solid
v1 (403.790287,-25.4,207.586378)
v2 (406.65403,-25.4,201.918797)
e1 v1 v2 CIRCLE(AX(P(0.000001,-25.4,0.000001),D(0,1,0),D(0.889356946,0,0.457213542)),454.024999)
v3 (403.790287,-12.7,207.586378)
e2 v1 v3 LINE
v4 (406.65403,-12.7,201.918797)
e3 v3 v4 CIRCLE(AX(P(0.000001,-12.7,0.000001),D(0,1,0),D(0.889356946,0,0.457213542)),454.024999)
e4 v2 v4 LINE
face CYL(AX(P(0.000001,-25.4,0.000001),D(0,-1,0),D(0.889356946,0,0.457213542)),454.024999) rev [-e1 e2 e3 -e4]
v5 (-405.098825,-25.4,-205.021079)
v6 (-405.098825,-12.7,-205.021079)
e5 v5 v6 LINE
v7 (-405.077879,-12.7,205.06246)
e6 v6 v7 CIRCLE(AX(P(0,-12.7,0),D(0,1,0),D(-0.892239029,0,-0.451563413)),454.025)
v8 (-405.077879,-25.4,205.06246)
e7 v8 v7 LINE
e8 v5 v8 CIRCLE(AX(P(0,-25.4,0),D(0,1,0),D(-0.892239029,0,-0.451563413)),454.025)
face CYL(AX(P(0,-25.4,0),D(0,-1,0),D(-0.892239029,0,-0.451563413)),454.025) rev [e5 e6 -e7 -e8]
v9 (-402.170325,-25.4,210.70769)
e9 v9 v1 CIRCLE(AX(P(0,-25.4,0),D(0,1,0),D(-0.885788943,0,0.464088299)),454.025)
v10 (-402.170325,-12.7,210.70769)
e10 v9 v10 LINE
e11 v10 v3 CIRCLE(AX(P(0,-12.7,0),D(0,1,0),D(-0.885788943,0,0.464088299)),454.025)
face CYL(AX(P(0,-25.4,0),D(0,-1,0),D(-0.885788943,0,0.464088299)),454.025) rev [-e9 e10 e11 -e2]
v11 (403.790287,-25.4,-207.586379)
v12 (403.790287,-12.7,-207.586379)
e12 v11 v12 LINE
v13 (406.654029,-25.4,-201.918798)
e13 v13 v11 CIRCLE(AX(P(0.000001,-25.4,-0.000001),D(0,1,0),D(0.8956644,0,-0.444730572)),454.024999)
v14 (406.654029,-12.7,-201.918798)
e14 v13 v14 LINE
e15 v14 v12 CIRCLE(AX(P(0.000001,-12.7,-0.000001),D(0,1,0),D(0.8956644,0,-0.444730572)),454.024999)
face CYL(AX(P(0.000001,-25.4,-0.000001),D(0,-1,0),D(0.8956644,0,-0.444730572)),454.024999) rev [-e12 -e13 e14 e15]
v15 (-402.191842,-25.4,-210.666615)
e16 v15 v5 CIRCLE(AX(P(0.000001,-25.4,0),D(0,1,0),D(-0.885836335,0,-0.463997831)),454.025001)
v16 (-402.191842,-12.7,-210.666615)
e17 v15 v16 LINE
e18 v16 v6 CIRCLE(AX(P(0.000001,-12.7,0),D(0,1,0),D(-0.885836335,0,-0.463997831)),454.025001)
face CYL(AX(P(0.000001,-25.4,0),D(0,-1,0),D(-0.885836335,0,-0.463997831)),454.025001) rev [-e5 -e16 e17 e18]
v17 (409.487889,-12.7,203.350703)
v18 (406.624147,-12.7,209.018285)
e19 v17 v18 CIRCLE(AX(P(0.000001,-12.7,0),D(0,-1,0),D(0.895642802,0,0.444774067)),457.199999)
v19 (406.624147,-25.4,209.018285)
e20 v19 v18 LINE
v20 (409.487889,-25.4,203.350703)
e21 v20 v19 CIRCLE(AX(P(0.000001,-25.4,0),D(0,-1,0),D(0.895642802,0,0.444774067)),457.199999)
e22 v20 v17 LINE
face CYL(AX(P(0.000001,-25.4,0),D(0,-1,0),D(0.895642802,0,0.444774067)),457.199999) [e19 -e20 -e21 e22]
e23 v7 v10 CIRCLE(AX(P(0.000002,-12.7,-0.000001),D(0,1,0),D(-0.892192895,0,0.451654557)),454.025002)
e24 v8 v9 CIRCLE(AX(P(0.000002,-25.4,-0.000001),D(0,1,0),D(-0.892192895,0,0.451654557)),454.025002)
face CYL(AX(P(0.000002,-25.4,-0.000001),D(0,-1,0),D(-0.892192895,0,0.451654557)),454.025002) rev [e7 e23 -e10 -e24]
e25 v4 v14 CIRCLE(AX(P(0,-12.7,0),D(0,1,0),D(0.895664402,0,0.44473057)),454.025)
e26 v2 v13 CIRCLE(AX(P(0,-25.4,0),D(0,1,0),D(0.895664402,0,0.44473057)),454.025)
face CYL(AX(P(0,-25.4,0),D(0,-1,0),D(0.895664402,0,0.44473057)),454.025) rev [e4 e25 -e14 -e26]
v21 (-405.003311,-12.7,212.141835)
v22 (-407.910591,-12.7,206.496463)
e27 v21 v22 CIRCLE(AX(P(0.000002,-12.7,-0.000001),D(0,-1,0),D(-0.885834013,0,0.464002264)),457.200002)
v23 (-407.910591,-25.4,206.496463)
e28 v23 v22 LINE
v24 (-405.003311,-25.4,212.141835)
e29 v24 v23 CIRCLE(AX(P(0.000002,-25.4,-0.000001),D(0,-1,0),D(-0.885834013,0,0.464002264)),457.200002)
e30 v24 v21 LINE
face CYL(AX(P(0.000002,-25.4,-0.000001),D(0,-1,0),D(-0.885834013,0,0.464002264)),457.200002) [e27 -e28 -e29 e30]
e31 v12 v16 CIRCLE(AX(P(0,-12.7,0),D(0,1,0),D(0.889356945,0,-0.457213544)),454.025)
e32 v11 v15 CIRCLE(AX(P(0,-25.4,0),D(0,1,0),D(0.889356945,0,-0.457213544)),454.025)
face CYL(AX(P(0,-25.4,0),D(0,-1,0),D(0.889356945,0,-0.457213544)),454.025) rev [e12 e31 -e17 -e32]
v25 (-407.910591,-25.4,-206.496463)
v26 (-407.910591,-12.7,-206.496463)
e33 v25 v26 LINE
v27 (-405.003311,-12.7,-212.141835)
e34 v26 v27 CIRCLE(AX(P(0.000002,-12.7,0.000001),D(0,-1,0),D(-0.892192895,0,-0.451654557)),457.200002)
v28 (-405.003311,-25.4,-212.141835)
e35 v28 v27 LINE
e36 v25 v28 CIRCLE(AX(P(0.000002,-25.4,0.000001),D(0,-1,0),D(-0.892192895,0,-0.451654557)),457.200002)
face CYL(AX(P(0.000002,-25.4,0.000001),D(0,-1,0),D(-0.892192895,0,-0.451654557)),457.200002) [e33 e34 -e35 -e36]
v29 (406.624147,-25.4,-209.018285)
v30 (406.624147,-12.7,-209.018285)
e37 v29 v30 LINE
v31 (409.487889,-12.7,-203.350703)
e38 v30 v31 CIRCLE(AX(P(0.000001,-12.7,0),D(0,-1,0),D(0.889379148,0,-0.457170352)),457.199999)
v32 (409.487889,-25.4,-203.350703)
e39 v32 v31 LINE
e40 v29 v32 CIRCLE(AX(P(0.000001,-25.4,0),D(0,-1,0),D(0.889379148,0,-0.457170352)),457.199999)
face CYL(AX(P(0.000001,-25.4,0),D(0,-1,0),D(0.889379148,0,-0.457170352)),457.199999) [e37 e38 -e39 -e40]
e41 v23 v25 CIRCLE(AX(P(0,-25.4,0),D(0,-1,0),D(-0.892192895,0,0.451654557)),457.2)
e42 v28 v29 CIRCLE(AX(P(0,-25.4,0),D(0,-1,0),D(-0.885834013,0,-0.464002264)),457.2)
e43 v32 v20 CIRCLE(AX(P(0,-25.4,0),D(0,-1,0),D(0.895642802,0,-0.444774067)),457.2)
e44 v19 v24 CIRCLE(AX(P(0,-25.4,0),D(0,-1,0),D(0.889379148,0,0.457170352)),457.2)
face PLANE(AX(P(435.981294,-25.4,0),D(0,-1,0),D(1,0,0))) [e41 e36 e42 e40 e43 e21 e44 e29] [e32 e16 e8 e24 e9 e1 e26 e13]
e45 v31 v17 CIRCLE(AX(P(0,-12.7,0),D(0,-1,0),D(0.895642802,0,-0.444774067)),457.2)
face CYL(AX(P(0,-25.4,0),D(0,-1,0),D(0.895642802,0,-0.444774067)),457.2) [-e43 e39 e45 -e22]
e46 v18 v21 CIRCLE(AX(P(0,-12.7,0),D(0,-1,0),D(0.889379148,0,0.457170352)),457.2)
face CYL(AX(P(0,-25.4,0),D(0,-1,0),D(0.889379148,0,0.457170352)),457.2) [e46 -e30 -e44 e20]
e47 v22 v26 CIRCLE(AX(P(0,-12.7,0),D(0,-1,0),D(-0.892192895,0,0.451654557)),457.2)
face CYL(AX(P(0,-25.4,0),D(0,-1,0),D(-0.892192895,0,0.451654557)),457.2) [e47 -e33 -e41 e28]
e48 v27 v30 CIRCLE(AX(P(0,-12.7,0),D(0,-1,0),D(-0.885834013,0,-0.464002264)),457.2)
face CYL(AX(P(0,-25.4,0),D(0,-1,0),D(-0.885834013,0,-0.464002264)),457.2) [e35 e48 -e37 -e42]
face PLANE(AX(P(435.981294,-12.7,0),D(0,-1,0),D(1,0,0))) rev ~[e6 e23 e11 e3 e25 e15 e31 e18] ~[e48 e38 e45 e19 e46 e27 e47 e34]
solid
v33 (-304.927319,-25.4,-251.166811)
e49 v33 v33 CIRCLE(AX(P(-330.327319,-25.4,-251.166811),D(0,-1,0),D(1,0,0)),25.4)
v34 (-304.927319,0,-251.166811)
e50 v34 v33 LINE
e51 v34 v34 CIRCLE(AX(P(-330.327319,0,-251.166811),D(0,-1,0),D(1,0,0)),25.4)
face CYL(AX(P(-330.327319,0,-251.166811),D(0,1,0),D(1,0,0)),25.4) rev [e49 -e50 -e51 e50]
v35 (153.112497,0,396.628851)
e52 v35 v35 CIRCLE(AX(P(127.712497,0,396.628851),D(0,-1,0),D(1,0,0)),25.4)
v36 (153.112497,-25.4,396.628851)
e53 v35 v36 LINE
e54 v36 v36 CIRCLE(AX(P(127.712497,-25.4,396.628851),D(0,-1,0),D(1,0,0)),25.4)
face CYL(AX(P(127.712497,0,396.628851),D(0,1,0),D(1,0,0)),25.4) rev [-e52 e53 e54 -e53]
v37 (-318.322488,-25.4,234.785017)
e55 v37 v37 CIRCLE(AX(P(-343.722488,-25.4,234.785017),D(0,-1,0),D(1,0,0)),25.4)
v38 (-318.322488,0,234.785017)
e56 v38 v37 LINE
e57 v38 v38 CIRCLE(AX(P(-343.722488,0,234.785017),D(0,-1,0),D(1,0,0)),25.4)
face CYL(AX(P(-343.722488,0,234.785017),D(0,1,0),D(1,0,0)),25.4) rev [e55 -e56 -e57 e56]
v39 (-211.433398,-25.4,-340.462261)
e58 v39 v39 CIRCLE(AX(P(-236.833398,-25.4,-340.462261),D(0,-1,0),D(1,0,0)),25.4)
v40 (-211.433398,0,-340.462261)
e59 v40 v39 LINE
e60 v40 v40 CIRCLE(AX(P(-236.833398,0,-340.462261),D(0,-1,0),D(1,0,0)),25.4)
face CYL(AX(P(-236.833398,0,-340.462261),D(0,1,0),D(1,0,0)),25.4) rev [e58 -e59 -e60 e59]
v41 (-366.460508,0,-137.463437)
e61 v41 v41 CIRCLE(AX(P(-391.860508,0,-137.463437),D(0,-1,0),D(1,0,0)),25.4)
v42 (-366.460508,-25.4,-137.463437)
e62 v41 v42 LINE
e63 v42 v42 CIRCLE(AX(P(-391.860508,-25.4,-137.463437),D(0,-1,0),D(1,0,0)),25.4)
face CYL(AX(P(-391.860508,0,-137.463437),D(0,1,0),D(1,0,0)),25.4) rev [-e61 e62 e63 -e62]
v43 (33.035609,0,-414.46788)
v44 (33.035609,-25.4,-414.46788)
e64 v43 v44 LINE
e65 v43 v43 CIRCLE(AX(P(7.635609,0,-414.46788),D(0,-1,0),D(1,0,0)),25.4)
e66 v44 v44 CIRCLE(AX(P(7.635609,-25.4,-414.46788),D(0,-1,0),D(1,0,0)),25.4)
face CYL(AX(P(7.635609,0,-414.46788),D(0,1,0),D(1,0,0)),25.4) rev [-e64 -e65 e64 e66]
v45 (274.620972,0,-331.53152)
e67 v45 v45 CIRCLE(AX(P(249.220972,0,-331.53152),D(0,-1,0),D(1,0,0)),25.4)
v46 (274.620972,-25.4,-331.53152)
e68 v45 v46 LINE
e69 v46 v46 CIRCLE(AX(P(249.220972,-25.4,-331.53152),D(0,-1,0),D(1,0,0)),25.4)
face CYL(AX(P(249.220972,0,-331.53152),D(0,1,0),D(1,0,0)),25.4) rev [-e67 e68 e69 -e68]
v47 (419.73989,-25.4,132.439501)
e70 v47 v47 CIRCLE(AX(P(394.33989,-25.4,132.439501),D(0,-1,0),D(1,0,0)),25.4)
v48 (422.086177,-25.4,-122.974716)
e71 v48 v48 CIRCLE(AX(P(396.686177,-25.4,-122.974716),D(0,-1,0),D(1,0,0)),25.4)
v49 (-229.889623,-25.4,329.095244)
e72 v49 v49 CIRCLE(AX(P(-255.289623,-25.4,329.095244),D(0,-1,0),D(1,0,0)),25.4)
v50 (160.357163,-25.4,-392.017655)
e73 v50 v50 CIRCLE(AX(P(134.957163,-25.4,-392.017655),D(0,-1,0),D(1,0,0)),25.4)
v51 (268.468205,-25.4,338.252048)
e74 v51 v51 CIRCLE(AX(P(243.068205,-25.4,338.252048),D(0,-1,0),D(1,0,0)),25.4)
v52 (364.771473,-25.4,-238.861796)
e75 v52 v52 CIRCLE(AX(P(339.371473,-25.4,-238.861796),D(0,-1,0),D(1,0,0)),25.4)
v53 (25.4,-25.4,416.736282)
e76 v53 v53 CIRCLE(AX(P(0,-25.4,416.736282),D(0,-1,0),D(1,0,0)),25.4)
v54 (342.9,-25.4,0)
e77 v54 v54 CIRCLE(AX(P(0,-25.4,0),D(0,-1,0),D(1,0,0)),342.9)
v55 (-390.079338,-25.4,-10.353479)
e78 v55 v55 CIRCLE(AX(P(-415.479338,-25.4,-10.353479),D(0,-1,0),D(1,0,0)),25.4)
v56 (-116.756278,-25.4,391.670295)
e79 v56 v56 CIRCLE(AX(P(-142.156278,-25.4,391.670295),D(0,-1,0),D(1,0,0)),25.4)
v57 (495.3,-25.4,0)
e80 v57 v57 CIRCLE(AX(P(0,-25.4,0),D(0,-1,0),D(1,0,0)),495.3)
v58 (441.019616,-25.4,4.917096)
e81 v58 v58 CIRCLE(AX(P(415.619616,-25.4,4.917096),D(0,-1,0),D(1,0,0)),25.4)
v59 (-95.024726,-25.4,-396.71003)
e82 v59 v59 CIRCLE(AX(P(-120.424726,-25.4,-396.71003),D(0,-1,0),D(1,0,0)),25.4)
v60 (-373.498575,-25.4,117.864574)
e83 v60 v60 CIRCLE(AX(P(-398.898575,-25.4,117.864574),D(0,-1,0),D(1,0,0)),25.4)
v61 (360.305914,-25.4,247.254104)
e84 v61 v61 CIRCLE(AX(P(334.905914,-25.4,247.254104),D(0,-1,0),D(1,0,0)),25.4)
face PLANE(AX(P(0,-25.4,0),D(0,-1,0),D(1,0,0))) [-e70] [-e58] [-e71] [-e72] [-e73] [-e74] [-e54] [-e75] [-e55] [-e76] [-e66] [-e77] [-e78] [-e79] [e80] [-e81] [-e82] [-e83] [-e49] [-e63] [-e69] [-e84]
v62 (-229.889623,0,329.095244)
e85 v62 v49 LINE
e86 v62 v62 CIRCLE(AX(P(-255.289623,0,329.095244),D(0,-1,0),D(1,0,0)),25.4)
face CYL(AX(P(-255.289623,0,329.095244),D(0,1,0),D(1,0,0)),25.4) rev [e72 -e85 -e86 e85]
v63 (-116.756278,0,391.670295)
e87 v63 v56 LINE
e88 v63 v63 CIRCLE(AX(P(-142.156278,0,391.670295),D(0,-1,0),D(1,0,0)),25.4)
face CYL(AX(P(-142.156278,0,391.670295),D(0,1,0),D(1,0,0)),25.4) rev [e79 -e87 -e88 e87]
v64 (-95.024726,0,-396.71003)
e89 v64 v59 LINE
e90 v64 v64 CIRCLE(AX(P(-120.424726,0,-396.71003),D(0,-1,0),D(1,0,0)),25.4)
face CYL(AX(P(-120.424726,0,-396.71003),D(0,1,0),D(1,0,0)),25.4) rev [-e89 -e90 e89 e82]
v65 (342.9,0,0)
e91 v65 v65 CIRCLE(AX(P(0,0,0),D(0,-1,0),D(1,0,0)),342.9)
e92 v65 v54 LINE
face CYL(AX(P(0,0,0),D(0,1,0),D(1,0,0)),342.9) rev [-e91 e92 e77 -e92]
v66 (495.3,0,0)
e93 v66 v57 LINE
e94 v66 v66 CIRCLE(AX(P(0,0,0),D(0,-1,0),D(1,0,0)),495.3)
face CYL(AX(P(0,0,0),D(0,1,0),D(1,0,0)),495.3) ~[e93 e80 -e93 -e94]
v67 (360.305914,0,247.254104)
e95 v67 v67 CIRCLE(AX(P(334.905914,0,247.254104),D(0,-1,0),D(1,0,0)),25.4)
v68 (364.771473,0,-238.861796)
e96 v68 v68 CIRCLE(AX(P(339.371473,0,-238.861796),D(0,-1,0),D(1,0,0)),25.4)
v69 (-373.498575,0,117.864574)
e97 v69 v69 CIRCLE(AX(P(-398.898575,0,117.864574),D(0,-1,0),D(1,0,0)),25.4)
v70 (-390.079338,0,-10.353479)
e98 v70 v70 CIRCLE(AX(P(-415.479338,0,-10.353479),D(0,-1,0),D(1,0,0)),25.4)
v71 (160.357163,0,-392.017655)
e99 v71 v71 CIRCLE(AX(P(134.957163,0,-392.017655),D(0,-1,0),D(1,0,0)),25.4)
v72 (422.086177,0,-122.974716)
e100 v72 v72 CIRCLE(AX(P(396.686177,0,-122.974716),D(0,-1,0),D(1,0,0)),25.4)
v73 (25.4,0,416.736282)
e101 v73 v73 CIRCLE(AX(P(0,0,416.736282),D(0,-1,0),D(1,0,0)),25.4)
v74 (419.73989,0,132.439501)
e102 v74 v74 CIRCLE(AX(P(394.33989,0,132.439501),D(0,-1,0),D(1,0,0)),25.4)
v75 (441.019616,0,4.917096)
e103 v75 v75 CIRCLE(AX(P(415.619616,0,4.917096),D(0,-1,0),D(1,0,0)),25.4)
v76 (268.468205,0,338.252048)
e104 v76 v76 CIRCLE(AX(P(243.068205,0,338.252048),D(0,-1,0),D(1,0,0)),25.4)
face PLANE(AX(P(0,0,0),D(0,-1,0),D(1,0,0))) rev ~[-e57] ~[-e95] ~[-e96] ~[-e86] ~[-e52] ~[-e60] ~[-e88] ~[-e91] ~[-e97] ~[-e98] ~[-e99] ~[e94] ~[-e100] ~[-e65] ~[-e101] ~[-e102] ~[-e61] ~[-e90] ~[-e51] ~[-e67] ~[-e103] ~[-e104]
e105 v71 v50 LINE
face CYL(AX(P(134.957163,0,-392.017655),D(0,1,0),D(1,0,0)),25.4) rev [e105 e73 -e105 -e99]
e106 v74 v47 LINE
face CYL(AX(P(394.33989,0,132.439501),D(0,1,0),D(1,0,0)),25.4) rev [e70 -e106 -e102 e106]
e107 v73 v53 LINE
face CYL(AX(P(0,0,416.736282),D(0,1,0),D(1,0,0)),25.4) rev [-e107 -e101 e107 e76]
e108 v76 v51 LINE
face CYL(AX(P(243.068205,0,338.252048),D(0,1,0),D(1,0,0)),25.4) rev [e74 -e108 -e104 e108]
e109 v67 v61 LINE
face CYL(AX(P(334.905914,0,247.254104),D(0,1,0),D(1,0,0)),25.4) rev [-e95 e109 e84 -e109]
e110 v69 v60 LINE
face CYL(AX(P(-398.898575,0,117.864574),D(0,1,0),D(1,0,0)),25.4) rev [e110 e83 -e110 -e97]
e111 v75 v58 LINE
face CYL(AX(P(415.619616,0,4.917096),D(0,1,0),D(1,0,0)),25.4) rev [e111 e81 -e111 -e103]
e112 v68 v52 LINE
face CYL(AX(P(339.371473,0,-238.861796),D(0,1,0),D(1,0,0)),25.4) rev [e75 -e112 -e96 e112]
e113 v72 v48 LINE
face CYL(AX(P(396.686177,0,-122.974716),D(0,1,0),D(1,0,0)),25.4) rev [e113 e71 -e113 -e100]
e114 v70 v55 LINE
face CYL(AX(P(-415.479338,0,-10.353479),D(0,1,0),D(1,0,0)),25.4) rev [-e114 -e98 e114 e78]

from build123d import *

# Parameters (mm, degrees)
F0_R     = 495.3
F0_R_2   = 25.4
F0_R_3   = 342.9
F1_DEPTH = 25.4
F3_DEPTH = 12.7


with BuildPart() as f1:
    # F0 (on Front) → F1 (new body)
    with BuildSketch(Plane.XZ):
        Circle(F0_R)
        with Locations((-330.3273186673, -251.1668106439)):
            Circle(F0_R_2, mode=Mode.SUBTRACT)
        with Locations((-120.4247256331, -396.7100299756)):
            Circle(F0_R_2, mode=Mode.SUBTRACT)
        with Locations((-236.8333982647, -340.4622609039)):
            Circle(F0_R_2, mode=Mode.SUBTRACT)
        with Locations((-391.8605075296, -137.463436649)):
            Circle(F0_R_2, mode=Mode.SUBTRACT)
        with Locations((-415.4793375887, -10.3534785182)):
            Circle(F0_R_2, mode=Mode.SUBTRACT)
        with Locations((7.6356091811, -414.467879977)):
            Circle(F0_R_2, mode=Mode.SUBTRACT)
        with Locations((134.9571626672, -392.0176548717)):
            Circle(F0_R_2, mode=Mode.SUBTRACT)
        with Locations((249.2209719047, -331.5315201968)):
            Circle(F0_R_2, mode=Mode.SUBTRACT)
        with Locations((339.3714725325, -238.8617957667)):
            Circle(F0_R_2, mode=Mode.SUBTRACT)
        with Locations((396.686176927, -122.9747160315)):
            Circle(F0_R_2, mode=Mode.SUBTRACT)
        with Locations((-398.8985752472, 117.8645736803)):
            Circle(F0_R_2, mode=Mode.SUBTRACT)
        with Locations((-343.7224877393, 234.7850165323)):
            Circle(F0_R_2, mode=Mode.SUBTRACT)
        with Locations((-255.2896226832, 329.0952438004)):
            Circle(F0_R_2, mode=Mode.SUBTRACT)
        with Locations((-142.1562783312, 391.6702946203)):
            Circle(F0_R_2, mode=Mode.SUBTRACT)
        Circle(F0_R_3, mode=Mode.SUBTRACT)
        with Locations((415.6196161639, 4.917095544)):
            Circle(F0_R_2, mode=Mode.SUBTRACT)
        with Locations((334.9059137749, 247.2541036599)):
            Circle(F0_R_2, mode=Mode.SUBTRACT)
        with Locations((394.3398903841, 132.4395008699)):
            Circle(F0_R_2, mode=Mode.SUBTRACT)
        with Locations((243.068204878, 338.2520476693)):
            Circle(F0_R_2, mode=Mode.SUBTRACT)
        with Locations((0, 416.7362819672)):
            Circle(F0_R_2, mode=Mode.SUBTRACT)
        with Locations((127.7124967025, 396.6288511166)):
            Circle(F0_R_2, mode=Mode.SUBTRACT)
    extrude(amount=F1_DEPTH)


with BuildPart() as f3:
    # F2 (on face) → F3 (new body)
    with BuildSketch(Plane.XZ.offset(25.4)):
        with BuildLine():
            Line((409.4878892291, 203.3507034035), (406.6540299131, 201.9187969964))
            ThreePointArc((406.6540299131, 201.9187969964), (442.023639954, 103.7005416903), (454.025, 0))
            ThreePointArc((454.025, 0), (442.0236398243, -103.700542243), (406.6540294081, -201.9187980134))
            Line((406.6540294081, -201.9187980134), (409.4878892291, -203.3507034035))
            ThreePointArc((409.4878892291, -203.3507034035), (445.1121785323, -104.4365286776), (457.2, 0))
            ThreePointArc((457.2, 0), (445.1121785323, 104.4365286776), (409.4878892291, 203.3507034035))
        make_face()
        with BuildLine():
            ThreePointArc((403.7902873357, 207.5863783545), (405.2320671046, 204.7575942796), (406.6540299131, 201.9187969964))
            Line((406.6540299131, 201.9187969964), (409.4878892291, 203.3507034035))
            Line((409.4878892291, 203.3507034035), (406.6241466469, 209.0182847591))
            Line((406.6241466469, 209.0182847591), (403.7902873357, 207.5863783545))
        make_face()
        with BuildLine():
            Line((409.4878892291, -203.3507034035), (406.6540294081, -201.9187980134))
            ThreePointArc((406.6540294081, -201.9187980134), (405.2320665925, -204.7575952931), (403.7902868166, -207.5863793643))
            Line((403.7902868166, -207.5863793643), (406.6241466469, -209.0182847591))
            Line((406.6241466469, -209.0182847591), (409.4878892291, -203.3507034035))
        make_face()
        with BuildLine():
            ThreePointArc((-402.1703246311, 210.7076899668), (1.7583277102, 454.0215952008), (403.7902873357, 207.5863783545))
            Line((403.7902873357, 207.5863783545), (406.6241466469, 209.0182847591))
            ThreePointArc((406.6241466469, 209.0182847591), (1.759522259, 457.1966142497), (-405.003310923, 212.1418349629))
            Line((-405.003310923, 212.1418349629), (-402.1703246311, 210.7076899668))
        make_face()
        with BuildLine():
            Line((406.6241466469, 209.0182847591), (409.4878892291, 203.3507034035))
            ThreePointArc((409.4878892291, 203.3507034035), (408.0658576076, 206.1894659166), (406.6241466469, 209.0182847591))
        make_face()
        with BuildLine():
            Line((406.6241466469, -209.0182847591), (403.7902868166, -207.5863793643))
            ThreePointArc((403.7902868166, -207.5863793643), (1.7351424689, -454.0216844002), (-402.1918421643, -210.666615109))
            Line((-402.1918421643, -210.666615109), (-405.003310923, -212.1418349629))
            ThreePointArc((-405.003310923, -212.1418349629), (1.759522259, -457.1966142497), (406.6241466469, -209.0182847591))
        make_face()
        with BuildLine():
            ThreePointArc((406.6241466469, -209.0182847591), (408.0658576076, -206.1894659166), (409.4878892291, -203.3507034035))
            Line((409.4878892291, -203.3507034035), (406.6241466469, -209.0182847591))
        make_face()
        with BuildLine():
            ThreePointArc((-405.0778789909, 205.0624601853), (-403.6339712134, 207.8901582747), (-402.1703246311, 210.7076899668))
            Line((-402.1703246311, 210.7076899668), (-405.003310923, 212.1418349629))
            Line((-405.003310923, 212.1418349629), (-407.9105914314, 206.4964634034))
            Line((-407.9105914314, 206.4964634034), (-405.0778789909, 205.0624601853))
        make_face()
        with BuildLine():
            Line((-405.003310923, -212.1418349629), (-402.1918421643, -210.666615109))
            ThreePointArc((-402.1918421643, -210.666615109), (-403.6552035113, -207.8489290404), (-405.0988249465, -205.0210785553))
            Line((-405.0988249465, -205.0210785553), (-407.9105914314, -206.4964634034))
            Line((-407.9105914314, -206.4964634034), (-405.003310923, -212.1418349629))
        make_face()
        with BuildLine():
            ThreePointArc((-405.0988249465, -205.0210785553), (-454.0249994077, 0.0231903663), (-405.0778789909, 205.0624601853))
            Line((-405.0778789909, 205.0624601853), (-407.9105914314, 206.4964634034))
            ThreePointArc((-407.9105914314, 206.4964634034), (-457.2, 0), (-407.9105914314, -206.4964634034))
            Line((-407.9105914314, -206.4964634034), (-405.0988249465, -205.0210785553))
        make_face()
        with BuildLine():
            Line((-407.9105914314, 206.4964634034), (-405.003310923, 212.1418349629))
            ThreePointArc((-405.003310923, 212.1418349629), (-406.4667522876, 209.324196606), (-407.9105914314, 206.4964634034))
        make_face()
        with BuildLine():
            ThreePointArc((-407.9105914314, -206.4964634034), (-406.4667522876, -209.324196606), (-405.003310923, -212.1418349629))
            Line((-405.003310923, -212.1418349629), (-407.9105914314, -206.4964634034))
        make_face()
    extrude(amount=-F3_DEPTH)


solid = Compound([f1.part, f3.part])
